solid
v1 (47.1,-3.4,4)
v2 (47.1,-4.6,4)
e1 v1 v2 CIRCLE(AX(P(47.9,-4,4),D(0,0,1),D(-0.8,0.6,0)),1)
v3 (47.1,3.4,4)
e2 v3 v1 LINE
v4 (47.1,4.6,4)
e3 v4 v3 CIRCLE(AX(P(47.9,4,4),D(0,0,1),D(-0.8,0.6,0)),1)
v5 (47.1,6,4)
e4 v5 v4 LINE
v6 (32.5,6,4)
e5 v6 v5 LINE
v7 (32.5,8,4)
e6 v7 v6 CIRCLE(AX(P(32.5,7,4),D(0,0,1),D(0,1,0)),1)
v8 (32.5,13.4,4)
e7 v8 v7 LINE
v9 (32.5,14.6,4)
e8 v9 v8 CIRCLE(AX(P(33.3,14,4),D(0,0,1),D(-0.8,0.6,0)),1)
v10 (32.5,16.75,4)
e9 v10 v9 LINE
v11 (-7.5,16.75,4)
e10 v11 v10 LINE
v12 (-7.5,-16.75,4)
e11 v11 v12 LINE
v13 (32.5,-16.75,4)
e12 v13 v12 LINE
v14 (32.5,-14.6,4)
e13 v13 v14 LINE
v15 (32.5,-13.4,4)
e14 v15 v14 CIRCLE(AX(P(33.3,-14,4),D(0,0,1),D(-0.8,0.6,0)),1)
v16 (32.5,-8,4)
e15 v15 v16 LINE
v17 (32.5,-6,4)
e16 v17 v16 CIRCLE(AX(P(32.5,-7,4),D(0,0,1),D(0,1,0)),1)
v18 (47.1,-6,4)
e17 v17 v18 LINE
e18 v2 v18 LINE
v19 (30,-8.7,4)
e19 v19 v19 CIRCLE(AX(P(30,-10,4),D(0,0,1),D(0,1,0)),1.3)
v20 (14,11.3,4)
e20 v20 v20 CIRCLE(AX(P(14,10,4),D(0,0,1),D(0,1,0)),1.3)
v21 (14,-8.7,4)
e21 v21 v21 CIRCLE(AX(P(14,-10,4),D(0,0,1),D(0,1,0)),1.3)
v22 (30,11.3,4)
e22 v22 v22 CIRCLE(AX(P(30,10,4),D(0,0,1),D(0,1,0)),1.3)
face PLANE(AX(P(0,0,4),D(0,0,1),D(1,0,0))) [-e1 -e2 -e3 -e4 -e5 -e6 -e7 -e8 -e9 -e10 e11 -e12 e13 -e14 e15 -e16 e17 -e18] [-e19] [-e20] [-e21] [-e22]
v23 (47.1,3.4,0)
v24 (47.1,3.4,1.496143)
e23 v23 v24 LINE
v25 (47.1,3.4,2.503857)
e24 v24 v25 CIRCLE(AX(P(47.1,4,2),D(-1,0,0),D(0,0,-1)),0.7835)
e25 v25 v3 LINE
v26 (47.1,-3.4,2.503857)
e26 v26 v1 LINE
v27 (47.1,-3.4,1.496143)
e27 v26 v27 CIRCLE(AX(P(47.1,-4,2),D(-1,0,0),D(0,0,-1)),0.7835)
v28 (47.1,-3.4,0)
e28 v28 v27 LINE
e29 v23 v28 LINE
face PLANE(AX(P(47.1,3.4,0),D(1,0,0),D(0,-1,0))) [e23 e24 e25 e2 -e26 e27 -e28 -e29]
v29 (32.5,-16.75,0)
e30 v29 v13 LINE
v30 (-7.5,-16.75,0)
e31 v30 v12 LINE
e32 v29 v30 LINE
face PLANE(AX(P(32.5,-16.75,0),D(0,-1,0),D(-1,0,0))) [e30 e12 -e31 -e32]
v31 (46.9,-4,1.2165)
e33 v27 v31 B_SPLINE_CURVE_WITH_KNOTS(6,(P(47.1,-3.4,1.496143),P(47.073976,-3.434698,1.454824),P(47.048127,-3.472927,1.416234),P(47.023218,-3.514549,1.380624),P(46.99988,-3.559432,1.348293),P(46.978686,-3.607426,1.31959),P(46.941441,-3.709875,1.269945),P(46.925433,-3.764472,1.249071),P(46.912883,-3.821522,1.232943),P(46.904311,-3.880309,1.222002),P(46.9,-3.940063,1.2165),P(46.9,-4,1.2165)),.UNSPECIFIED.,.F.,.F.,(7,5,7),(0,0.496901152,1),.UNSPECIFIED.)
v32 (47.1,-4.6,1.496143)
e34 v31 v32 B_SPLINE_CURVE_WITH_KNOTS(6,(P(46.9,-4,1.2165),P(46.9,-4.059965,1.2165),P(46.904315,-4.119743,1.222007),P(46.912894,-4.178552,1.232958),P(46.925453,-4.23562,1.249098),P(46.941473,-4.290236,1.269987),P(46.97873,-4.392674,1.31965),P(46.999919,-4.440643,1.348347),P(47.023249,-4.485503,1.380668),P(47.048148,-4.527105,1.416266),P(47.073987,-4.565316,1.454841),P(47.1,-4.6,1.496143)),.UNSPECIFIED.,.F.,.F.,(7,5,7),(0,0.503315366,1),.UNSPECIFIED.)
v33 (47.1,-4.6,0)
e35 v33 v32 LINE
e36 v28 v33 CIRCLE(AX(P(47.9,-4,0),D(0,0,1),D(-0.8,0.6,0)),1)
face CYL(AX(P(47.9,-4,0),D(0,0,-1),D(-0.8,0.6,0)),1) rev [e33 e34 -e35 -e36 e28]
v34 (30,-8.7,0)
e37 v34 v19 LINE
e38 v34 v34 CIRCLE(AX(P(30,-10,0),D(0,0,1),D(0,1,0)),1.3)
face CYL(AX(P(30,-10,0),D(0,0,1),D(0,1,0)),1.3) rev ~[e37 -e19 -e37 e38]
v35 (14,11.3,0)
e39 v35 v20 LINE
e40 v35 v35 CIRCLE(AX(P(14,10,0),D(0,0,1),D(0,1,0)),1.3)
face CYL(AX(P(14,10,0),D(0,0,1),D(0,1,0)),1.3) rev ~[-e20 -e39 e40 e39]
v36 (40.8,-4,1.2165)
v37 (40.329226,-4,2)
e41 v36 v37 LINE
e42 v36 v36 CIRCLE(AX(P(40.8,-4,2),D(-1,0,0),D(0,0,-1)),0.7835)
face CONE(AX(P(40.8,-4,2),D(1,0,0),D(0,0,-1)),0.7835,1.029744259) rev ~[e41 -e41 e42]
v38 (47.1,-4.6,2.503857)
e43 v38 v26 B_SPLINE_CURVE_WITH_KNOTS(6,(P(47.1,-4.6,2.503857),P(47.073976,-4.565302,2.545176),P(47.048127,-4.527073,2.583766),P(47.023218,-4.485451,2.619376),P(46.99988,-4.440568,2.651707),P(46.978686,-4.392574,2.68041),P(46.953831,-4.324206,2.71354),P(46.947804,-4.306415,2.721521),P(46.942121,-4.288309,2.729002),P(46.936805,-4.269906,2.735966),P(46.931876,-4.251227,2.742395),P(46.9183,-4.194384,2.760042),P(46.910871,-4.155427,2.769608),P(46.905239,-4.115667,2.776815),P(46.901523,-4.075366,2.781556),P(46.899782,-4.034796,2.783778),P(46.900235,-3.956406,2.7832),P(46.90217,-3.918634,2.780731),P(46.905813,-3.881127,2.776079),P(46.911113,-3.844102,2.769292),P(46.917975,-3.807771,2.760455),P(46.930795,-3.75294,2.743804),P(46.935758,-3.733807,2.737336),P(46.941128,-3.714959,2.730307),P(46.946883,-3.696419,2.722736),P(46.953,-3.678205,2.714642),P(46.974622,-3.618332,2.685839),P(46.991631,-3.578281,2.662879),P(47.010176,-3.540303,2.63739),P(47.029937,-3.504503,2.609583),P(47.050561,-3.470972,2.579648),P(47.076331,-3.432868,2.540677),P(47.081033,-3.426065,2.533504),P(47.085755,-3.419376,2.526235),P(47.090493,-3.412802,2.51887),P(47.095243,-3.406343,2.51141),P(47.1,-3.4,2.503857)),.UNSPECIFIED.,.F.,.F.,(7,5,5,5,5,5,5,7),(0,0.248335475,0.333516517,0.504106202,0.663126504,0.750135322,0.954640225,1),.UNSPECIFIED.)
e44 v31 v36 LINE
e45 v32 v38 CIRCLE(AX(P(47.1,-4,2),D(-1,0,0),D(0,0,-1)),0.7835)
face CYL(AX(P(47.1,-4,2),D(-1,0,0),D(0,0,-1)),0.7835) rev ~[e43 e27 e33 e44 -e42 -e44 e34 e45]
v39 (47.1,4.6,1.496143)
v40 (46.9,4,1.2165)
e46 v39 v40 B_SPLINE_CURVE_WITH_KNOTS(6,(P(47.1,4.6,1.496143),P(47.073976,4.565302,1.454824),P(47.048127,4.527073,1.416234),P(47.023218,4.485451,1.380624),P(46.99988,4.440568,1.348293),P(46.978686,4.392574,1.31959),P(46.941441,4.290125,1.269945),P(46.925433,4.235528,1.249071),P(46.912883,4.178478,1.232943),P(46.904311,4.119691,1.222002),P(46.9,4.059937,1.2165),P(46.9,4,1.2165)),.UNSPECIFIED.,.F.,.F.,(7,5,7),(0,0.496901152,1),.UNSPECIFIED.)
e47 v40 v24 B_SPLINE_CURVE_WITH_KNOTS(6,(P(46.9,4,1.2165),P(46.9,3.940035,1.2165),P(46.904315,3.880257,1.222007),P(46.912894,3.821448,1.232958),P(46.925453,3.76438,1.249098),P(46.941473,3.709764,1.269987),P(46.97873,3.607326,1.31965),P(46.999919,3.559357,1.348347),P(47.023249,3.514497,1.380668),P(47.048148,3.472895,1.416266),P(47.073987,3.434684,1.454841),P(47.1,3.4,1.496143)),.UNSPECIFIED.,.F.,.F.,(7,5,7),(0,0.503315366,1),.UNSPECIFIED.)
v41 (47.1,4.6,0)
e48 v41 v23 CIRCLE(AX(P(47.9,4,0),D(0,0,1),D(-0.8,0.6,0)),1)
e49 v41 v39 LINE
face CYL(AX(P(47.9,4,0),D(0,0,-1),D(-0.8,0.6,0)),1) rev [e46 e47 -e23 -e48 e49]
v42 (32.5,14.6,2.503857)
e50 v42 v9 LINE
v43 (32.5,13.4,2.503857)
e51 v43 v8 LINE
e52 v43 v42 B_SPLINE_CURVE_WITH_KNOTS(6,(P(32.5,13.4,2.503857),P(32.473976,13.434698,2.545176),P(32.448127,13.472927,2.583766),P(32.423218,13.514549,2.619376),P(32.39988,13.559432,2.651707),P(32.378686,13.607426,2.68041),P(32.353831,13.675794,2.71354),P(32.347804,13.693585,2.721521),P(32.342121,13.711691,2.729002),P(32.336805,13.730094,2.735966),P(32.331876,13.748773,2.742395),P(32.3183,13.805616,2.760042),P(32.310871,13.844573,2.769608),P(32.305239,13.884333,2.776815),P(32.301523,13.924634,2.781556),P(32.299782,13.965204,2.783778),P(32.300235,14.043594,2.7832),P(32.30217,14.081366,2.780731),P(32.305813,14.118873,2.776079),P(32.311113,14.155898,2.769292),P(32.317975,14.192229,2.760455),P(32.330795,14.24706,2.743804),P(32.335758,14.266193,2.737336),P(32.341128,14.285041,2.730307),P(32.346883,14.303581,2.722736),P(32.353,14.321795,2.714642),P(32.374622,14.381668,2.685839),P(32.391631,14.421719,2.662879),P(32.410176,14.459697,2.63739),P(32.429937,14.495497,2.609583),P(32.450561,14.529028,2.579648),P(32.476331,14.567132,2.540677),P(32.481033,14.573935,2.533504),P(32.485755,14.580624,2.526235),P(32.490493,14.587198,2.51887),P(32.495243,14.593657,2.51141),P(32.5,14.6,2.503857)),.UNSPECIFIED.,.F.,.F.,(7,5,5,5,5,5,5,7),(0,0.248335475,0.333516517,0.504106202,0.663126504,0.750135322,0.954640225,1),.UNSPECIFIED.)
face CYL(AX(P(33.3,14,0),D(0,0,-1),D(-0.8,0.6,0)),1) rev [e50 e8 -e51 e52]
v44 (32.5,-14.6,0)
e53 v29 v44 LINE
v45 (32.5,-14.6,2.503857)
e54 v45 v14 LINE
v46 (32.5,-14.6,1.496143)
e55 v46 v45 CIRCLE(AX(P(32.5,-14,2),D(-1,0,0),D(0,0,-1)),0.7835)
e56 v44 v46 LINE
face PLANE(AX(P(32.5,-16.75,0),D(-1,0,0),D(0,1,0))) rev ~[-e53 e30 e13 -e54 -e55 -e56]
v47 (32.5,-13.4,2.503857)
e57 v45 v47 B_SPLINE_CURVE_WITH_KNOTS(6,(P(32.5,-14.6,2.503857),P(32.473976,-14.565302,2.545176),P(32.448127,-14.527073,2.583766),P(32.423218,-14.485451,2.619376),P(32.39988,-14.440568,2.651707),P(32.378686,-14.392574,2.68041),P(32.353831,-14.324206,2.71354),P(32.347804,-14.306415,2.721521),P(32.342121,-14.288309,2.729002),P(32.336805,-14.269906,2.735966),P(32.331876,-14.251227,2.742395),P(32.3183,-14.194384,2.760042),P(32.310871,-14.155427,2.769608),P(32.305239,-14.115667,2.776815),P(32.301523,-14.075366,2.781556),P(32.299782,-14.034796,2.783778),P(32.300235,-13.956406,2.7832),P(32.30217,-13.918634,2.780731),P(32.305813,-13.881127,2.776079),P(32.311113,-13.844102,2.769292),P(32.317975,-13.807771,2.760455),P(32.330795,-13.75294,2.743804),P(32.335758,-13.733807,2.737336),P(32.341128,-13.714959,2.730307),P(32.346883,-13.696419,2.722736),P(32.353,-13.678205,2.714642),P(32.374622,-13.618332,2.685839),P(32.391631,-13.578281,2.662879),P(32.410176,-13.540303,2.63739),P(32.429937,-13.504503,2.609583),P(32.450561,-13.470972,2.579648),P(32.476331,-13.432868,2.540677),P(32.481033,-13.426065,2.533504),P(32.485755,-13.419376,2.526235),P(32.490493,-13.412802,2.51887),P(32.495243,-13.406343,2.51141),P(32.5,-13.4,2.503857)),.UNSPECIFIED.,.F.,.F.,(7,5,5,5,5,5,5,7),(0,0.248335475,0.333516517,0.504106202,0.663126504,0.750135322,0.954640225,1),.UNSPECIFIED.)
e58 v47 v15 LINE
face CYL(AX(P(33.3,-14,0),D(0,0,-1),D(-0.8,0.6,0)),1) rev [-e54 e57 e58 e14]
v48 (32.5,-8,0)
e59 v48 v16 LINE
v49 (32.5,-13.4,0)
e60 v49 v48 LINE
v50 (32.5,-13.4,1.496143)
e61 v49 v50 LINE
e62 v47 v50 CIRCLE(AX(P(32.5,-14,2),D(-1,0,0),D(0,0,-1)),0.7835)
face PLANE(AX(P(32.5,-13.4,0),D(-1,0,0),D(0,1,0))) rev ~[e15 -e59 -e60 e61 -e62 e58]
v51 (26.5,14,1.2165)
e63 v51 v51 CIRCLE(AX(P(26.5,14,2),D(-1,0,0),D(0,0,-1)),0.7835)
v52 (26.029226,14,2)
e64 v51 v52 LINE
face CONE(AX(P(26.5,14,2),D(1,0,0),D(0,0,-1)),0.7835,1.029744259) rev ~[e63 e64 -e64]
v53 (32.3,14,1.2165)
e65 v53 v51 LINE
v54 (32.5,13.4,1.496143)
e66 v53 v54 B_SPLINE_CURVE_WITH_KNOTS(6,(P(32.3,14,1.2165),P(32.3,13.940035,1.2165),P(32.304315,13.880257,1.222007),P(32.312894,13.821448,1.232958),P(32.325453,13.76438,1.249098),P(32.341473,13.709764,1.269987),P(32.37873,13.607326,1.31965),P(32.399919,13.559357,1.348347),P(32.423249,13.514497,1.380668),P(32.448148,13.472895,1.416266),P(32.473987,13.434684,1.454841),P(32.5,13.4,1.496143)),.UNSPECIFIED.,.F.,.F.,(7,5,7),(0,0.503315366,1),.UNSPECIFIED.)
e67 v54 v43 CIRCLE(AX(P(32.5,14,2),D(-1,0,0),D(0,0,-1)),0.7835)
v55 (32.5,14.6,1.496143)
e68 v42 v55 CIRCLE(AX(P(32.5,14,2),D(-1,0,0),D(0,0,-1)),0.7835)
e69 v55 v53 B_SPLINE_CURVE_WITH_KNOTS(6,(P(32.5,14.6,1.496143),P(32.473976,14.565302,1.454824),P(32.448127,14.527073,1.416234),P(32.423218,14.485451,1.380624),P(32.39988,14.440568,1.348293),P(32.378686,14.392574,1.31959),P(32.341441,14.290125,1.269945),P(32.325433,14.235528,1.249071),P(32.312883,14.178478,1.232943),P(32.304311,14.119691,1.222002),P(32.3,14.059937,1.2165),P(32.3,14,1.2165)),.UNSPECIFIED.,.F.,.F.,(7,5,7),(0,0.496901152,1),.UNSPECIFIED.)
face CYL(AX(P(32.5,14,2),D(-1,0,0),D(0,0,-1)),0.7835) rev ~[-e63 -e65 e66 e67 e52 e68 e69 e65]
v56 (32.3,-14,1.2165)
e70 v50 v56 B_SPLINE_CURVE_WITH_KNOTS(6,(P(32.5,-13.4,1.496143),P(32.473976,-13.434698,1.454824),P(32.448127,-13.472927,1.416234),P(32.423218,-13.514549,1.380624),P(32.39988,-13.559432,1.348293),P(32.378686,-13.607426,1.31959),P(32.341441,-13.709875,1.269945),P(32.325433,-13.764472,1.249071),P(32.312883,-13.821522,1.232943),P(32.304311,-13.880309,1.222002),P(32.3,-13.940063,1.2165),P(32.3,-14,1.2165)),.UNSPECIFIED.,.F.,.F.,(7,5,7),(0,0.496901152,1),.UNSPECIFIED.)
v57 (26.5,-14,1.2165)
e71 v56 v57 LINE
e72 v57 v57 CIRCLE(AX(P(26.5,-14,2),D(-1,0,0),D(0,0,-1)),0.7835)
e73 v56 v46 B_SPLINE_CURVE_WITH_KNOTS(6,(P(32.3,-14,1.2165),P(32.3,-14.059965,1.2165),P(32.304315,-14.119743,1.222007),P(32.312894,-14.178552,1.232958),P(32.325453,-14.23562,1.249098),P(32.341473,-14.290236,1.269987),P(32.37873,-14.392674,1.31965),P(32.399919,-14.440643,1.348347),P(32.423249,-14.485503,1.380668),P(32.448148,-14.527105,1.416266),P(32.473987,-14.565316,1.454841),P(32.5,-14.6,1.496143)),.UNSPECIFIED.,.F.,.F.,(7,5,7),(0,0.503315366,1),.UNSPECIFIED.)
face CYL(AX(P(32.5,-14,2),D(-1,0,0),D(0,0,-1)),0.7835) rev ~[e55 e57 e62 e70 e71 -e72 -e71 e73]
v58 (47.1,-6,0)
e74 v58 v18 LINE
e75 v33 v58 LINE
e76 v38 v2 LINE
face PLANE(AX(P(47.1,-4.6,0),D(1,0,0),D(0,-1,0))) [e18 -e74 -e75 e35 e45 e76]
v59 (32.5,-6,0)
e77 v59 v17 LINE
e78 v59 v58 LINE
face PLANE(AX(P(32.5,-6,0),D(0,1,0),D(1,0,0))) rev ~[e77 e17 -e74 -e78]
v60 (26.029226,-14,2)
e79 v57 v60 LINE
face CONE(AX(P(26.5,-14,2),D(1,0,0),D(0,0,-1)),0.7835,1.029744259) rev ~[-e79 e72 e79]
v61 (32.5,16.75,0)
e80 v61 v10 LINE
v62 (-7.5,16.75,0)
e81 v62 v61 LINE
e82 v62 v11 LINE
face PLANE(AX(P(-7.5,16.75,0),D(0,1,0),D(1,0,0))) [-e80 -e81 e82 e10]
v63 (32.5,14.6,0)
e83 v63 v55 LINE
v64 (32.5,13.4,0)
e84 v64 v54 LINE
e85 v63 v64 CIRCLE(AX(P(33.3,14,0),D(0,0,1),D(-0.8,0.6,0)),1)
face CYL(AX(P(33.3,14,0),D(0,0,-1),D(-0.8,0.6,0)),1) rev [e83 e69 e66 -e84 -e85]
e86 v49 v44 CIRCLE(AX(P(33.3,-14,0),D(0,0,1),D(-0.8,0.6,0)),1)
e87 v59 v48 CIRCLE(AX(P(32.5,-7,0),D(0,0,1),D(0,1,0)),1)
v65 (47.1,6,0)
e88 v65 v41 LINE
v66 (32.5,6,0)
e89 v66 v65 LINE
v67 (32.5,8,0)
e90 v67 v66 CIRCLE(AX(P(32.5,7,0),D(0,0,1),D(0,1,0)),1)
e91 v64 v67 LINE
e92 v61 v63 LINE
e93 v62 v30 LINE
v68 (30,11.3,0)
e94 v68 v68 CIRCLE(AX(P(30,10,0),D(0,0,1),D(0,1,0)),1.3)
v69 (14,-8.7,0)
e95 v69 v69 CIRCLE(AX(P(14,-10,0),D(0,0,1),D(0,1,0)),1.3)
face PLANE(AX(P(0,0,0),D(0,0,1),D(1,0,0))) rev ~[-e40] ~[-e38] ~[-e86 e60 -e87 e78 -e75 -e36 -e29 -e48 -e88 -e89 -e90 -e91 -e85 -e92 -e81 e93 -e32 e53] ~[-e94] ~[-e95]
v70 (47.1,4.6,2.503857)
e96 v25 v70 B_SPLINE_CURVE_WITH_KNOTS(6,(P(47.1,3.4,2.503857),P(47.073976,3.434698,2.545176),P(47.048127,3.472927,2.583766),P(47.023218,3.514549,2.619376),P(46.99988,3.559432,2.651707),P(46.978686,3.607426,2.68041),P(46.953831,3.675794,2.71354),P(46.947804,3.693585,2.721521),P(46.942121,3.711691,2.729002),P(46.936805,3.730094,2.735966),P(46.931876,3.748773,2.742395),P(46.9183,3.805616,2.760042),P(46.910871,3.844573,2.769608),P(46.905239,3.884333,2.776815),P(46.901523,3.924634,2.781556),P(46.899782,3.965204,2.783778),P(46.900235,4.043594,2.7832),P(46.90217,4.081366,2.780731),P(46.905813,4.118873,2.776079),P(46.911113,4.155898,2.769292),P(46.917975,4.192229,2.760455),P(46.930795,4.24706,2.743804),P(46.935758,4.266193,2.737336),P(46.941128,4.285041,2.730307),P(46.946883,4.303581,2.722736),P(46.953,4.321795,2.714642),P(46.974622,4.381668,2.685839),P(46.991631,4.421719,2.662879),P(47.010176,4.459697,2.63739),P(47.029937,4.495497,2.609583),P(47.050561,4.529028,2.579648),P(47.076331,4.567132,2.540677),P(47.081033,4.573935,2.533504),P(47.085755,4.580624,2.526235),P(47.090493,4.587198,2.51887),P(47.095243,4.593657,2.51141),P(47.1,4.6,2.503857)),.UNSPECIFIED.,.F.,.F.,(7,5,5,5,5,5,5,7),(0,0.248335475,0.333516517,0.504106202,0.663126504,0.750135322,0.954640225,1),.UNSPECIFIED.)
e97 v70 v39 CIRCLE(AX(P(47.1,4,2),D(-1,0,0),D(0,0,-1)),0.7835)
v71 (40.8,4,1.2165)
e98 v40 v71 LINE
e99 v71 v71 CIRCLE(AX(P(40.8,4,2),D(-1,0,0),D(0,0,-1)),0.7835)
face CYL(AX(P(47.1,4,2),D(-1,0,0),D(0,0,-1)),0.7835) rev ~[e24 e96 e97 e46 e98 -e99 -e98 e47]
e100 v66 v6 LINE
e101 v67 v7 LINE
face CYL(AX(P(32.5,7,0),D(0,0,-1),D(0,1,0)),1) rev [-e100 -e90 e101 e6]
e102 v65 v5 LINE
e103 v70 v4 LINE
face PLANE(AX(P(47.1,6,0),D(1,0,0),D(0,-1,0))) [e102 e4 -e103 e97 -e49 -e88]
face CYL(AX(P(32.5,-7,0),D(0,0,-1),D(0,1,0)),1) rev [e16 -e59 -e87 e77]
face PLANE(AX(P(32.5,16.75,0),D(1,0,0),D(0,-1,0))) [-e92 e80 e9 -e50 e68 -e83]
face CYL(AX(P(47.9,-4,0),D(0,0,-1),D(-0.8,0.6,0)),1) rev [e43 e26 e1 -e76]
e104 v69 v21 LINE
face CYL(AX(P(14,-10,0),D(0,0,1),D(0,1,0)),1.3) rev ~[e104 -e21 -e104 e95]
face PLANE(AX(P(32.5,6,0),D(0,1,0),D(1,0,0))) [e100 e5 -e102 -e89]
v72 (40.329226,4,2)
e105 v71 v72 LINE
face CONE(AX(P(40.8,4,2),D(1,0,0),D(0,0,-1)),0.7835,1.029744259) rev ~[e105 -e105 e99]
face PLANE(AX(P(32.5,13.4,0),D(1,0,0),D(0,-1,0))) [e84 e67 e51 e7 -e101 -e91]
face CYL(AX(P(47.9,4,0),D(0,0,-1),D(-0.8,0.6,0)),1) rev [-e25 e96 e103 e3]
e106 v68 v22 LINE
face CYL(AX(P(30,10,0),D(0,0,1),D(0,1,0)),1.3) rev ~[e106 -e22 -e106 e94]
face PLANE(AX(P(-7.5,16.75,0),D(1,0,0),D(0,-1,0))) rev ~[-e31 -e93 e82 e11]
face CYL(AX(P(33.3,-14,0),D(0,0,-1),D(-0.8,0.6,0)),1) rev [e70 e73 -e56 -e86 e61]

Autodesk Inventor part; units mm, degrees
ref_plane "YZ Plane" through (0, 0, 0) normal (1, 0, 0) x (0, 1, 0)
ref_plane "XZ Plane" through (0, 0, 0) normal (0, 1, 0) x (-1, 0, 0)
ref_plane "XY Plane" through (0, 0, 0) normal (0, 0, 1) x (1, 0, 0)
sketch "スケッチ1" plane through (0, 0, 0) normal (0, 0, 1) x (1, 0, 0)
  line L0 (14, 10) -> (30, 10) construction
  line L1 (30, 10) -> (30, -10) construction
  line L2 (30, -10) -> (14, -10) construction
  line L3 (14, -10) -> (14, 10) construction
  line L4 (0, 0) -> (42.5052, 0) construction
  line L5 (-7.5, 16.75) -> (32.5, 16.75)
  line L6 (47.1, 6) -> (47.1, 4.6)
  line L7 (32.5, -16.75) -> (-7.5, -16.75)
  line L8 (32.5, 16.75) -> (32.5, 14.6)
  line L9 (32.5, 8) -> (32.5, 6) construction
  line L10 (32.5, 6) -> (47.1, 6)
  arc A0 (32.5, 8) -> (32.5, 6) centre (32.5, 7) ccw
  line L11 (32.5, -16.75) -> (32.5, -14.6)
  line L12 (32.5, -6) -> (47.1, -6)
  arc A1 (32.5, -6) -> (32.5, -8) centre (32.5, -7) ccw
  line L13 (32.5, 6) -> (32.5, -6) construction
  line L14 (32.5, -8) -> (32.5, -6) construction
  arc A2 (47.1, 4.6) -> (47.1, 3.4) centre (47.9, 4) ccw
  arc A3 (47.1, -3.4) -> (47.1, -4.6) centre (47.9, -4) ccw
  line L15 (47.1, 4.6) -> (47.1, 3.4) construction
  line L16 (47.1, 3.4) -> (47.1, -3.4)
  line L17 (47.1, -3.4) -> (47.1, -4.6) construction
  line L18 (47.1, -4.6) -> (47.1, -6)
  arc A4 (32.5, 14.6) -> (32.5, 13.4) centre (33.3, 14) ccw
  line L19 (32.5, 13.4) -> (32.5, 8)
  line L20 (32.5, 14.6) -> (32.5, 13.4) construction
  line L21 (33.7, 6) -> (33.7, -6) construction
  arc A5 (32.5, -13.4) -> (32.5, -14.6) centre (33.3, -14) ccw
  line L22 (32.5, -13.4) -> (32.5, -8)
  line L23 (32.5, -14.6) -> (32.5, -13.4) construction
  line L24 (-7.5, 16.75) -> (-7.5, -16.75)
  line L25 (35.7, 6) -> (35.7, -6) construction
  dimension "d0" = 20
  dimension "d1" = 16
  dimension "d3" = 1
  dimension "d4" = 12
  dimension "d5" = 2.5
  dimension "d7" = 1
  dimension "d8" = 0.8
  dimension "d9" = 8
  dimension "d10" = 0.8
  dimension "d11" = 28
  dimension "d12" = 33.5
  dimension "d29" = 1.2
  dimension "d32" = 40
  dimension "d34" = 32.5
  dimension "d36" = 2
  dimension "d37" = 11.4
extrude "押し出し1" add sketch "スケッチ1" along normal blind 4
hole "穴1" at (14, 10, 0) at (30, 10, 0) at (30, -10, 0) at (14, -10, 0) direction (0, 0, 1) diameter 2.6 end through all clearance for "Countersunk Raised Head Screw ISO 2010/7047" size "M2.5" standard "ISO"
sketch "スケッチ2" plane through (32.5, 8, 0) normal (1, 0, 0) x (0, 0, -1)
  line L0 (0, 6.6) -> (-4, 6.6) construction
  line L1 (0, 5.4) -> (-4, 5.4) construction
  line L2 (-4, 6.6) -> (0, 5.4) construction
  line L3 (0, -21.4) -> (-4, -21.4) construction
  line L4 (0, -22.6) -> (-4, -22.6) construction
  line L5 (-4, -21.4) -> (0, -22.6) construction
  point P0 (0, -8)
  point P1 (-2, 6)
  point P2 (-2, -22)
hole "穴2" at (32.5, 14, 2) at (32.5, -14, 2) direction (-1, 0, 0) diameter 1.567 depth 6 tip angle 118 thread size "M2x0.4" class "6H" standard "ISO Metric profile"
sketch "スケッチ3" plane through (47.1, -3.4, 0) normal (1, 0, 0) x (0, 0, -1)
  line L0 (0, -1.2) -> (-4, -1.2) construction
  line L1 (0, 0) -> (-4, 0) construction
  line L2 (0, -1.2) -> (-4, 0) construction
  line L3 (0, 6.8) -> (-4, 6.8) construction
  line L4 (0, 8) -> (-4, 8) construction
  line L5 (0, 6.8) -> (-4, 8) construction
  point P0 (0, 3.4)
  point P1 (-2, -0.6)
  point P2 (-2, 7.4)
hole "穴3" at (47.1, -4, 2) at (47.1, 4, 2) direction (-1, 0, 0) diameter 1.567 depth 6.3 tip angle 118 thread size "M2x0.4" class "6H" standard "ISO Metric profile"
properties part number "SERVO_MOUNT_TIP"
